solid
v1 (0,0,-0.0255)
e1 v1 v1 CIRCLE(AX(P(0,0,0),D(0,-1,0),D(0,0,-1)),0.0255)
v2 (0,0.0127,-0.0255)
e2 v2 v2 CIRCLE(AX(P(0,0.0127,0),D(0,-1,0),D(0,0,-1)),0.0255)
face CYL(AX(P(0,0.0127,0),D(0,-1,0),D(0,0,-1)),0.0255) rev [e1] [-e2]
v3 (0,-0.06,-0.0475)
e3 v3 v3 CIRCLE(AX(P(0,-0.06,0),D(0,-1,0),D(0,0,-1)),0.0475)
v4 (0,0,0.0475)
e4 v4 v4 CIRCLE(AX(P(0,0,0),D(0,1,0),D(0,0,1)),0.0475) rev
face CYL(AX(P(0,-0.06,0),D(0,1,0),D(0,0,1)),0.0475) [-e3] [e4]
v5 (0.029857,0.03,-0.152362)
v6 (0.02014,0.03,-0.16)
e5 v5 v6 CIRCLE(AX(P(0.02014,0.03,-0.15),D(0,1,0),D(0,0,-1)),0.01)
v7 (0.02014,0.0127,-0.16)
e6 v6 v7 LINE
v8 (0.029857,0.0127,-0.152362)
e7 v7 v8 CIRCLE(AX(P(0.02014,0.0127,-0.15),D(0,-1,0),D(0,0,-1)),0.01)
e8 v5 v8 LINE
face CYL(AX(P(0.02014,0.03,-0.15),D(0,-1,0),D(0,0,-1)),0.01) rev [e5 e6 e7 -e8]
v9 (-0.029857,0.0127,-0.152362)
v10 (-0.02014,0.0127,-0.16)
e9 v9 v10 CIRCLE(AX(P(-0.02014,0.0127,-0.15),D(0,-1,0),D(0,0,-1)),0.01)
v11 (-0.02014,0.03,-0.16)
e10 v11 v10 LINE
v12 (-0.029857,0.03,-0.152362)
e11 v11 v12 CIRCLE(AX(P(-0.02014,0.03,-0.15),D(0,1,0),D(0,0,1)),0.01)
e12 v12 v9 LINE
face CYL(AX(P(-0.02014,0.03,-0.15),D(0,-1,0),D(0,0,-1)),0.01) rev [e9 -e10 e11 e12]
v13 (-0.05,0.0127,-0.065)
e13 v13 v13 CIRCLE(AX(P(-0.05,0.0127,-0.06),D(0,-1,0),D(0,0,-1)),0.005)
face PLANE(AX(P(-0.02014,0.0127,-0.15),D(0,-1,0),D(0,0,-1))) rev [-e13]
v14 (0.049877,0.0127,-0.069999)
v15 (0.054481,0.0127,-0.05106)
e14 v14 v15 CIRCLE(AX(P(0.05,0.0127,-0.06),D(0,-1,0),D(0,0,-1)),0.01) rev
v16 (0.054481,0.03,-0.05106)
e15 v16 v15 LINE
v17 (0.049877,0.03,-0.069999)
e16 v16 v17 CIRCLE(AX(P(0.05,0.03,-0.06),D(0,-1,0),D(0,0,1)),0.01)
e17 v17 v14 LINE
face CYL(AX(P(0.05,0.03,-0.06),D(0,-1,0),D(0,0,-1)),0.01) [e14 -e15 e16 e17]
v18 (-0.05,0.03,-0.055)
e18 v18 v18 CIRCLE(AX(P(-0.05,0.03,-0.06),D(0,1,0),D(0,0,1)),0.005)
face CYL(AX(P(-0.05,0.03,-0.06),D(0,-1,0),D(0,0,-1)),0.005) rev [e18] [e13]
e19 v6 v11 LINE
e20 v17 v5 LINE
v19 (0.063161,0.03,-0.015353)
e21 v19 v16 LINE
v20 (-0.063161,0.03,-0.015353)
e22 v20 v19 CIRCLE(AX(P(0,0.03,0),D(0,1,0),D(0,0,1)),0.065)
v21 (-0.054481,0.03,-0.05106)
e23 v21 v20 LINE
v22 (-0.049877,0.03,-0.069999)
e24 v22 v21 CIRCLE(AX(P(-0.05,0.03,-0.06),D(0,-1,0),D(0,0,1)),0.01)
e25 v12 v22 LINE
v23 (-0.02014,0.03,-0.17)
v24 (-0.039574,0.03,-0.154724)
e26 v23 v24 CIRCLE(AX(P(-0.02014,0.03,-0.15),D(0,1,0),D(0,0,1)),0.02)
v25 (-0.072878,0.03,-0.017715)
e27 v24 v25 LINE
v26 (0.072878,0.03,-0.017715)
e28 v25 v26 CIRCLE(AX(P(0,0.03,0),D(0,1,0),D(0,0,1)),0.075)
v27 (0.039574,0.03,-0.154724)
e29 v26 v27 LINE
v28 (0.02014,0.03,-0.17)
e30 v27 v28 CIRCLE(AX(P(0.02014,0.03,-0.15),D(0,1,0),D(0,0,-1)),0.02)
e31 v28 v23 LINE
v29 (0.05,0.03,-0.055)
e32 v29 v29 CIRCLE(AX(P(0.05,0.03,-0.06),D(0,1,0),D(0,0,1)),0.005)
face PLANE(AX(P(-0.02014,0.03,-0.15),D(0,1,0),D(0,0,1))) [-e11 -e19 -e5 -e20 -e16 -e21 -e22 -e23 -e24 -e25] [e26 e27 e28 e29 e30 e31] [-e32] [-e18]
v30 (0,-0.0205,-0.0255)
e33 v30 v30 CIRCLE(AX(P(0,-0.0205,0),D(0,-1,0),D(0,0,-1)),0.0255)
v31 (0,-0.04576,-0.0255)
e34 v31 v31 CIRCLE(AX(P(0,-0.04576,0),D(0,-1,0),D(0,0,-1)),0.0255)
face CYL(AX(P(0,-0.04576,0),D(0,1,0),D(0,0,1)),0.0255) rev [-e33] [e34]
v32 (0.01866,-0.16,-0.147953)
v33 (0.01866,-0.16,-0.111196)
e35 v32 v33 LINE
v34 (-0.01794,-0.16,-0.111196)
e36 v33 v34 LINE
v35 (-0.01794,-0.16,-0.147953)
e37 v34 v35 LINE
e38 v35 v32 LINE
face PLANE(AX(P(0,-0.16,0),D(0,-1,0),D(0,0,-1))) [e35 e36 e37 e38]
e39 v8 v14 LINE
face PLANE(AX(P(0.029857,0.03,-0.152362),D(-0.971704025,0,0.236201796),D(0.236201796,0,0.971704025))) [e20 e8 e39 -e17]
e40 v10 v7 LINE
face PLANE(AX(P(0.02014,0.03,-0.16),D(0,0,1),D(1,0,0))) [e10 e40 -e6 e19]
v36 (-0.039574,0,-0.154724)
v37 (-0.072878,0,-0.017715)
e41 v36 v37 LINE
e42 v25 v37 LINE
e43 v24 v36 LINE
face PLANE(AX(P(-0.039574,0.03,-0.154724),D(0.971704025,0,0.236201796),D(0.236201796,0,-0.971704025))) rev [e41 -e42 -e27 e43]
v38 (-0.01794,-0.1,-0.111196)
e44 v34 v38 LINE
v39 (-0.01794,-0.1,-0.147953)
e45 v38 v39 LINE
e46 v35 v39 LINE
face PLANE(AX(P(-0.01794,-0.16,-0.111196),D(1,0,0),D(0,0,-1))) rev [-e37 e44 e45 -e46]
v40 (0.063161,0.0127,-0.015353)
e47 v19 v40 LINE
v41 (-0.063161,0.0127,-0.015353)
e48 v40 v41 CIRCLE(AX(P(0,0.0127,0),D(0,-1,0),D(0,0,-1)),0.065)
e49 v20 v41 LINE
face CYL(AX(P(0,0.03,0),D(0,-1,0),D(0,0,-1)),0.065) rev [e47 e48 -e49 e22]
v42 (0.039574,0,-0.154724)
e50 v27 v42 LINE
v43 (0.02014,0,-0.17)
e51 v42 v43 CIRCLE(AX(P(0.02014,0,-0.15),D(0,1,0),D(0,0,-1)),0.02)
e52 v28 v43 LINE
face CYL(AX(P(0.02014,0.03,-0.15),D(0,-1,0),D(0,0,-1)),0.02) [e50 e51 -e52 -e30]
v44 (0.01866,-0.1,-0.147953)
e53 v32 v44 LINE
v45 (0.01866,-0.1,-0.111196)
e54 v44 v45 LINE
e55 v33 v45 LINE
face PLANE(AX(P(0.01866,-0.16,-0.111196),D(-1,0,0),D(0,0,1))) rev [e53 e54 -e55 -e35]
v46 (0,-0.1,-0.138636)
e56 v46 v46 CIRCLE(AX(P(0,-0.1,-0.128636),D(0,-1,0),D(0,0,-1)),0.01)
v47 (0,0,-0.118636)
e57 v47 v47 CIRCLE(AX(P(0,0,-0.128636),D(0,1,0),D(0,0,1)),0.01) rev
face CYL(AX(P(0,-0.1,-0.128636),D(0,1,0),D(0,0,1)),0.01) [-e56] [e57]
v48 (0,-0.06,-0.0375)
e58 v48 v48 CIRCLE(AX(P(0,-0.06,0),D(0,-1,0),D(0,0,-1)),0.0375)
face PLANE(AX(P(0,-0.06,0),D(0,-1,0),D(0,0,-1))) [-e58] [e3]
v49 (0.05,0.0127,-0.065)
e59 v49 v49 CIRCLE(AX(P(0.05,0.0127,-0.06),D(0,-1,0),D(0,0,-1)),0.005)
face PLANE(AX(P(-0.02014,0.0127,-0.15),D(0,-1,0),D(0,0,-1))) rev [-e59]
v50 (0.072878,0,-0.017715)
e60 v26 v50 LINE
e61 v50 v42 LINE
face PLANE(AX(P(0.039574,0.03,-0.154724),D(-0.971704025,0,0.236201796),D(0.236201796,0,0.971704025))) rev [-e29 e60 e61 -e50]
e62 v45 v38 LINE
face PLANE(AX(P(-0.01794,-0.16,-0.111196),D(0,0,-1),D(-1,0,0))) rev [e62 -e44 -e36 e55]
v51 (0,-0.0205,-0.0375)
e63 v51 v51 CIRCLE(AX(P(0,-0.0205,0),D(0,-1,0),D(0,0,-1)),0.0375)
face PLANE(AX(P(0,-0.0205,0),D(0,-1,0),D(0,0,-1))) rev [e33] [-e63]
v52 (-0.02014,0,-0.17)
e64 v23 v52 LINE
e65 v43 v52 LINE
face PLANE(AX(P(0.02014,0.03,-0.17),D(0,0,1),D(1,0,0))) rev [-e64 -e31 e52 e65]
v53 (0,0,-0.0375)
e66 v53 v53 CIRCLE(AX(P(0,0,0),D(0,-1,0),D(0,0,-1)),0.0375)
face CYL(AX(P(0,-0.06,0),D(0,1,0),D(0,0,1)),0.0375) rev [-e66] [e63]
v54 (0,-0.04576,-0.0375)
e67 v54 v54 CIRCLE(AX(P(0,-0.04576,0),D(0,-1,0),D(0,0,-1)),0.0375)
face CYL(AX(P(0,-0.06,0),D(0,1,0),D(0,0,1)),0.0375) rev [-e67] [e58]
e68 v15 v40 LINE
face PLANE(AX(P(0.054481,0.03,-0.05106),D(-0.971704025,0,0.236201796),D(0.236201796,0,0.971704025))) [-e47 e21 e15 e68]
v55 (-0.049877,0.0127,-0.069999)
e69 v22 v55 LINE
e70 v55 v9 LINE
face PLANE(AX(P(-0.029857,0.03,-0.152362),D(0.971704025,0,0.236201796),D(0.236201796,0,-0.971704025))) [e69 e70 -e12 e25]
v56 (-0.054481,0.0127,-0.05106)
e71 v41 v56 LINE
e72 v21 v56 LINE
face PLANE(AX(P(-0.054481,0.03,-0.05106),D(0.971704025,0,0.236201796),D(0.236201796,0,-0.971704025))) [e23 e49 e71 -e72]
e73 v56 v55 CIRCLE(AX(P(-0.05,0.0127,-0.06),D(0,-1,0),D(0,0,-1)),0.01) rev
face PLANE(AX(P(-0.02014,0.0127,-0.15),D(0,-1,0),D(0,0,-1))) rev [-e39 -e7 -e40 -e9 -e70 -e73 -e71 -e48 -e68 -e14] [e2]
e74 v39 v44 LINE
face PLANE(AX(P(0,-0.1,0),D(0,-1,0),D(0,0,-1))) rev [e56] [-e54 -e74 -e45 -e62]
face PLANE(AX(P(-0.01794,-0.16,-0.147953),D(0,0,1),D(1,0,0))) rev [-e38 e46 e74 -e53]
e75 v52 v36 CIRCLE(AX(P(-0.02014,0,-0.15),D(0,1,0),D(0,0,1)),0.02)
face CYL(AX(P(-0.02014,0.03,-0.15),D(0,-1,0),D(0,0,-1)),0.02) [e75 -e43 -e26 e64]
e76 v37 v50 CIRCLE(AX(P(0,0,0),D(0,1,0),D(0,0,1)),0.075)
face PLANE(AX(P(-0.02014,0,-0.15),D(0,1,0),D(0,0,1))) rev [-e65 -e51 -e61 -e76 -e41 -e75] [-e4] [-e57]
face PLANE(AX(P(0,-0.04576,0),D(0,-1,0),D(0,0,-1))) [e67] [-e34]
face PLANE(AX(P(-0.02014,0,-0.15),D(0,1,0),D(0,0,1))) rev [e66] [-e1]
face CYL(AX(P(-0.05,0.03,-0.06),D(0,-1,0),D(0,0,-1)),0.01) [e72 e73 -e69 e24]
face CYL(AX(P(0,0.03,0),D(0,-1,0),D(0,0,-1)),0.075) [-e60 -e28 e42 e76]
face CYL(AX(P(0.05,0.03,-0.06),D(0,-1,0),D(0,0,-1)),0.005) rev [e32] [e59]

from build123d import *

# Parameters (mm, degrees)
SKETCH1_R           = 0.005
BOSS_EXTRUDE1_DEPTH = 0.03
SKETCH6_R           = 0.0255
BOSS_EXTRUDE5_DEPTH = 0.0127
SKETCH7_R           = 0.0475
SKETCH7_R_2         = 0.0375
BOSS_EXTRUDE6_DEPTH = 0.06
SKETCH8_R           = 0.0375
SKETCH8_R_2         = 0.0255
BOSS_EXTRUDE7_DEPTH = 0.02526
SKETCH9_R           = 0.01
BOSS_EXTRUDE8_DEPTH = 0.1
SKETCH10_W          = 0.036599462
SKETCH10_H          = 0.036757143
BOSS_EXTRUDE9_DEPTH = 0.06


with BuildPart() as part:
    # Sketch1 → Boss-Extrude1 (new body)
    with BuildSketch(Plane(origin=(0, 0, 0), x_dir=(1, 0, 0), z_dir=(0, 1, 0))):
        with BuildLine():
            Line((-0.039573681, 0.154724036), (-0.072877802, 0.017715135))
            ThreePointArc((-0.072877802, 0.017715135), (0, -0.075), (0.072877802, 0.017715135))
            Line((0.072877802, 0.017715135), (0.039573681, 0.154724036))
            ThreePointArc((0.039573681, 0.154724036), (0.032499197, 0.165723879), (0.0201396, 0.17))
            Line((0.0201396, 0.17), (-0.0201396, 0.17))
            ThreePointArc((-0.0201396, 0.17), (-0.032499197, 0.165723879), (-0.039573681, 0.154724036))
        make_face()
        with Locations(Location((-0.05, 0.06, 0), (0, 0, 270))):
            Circle(SKETCH1_R, mode=Mode.SUBTRACT)
        with Locations(Location((0.05, 0.06, 0), (0, 0, 270))):
            Circle(SKETCH1_R, mode=Mode.SUBTRACT)
        with BuildLine():
            Line((0.0201396, 0.16), (-0.0201396, 0.16))
            ThreePointArc((-0.0201396, 0.16), (-0.026319399, 0.157861939), (-0.029856641, 0.152362018))
            Line((-0.029856641, 0.152362018), (-0.049877381, 0.069999248))
            ThreePointArc((-0.049877381, 0.069999248), (-0.04028296, 0.057637982), (-0.054481083, 0.051060207))
            Line((-0.054481083, 0.051060207), (-0.063160762, 0.015353117))
            ThreePointArc((-0.063160762, 0.015353117), (0, -0.065), (0.063160762, 0.015353117))
            Line((0.063160762, 0.015353117), (0.054481083, 0.051060207))
            ThreePointArc((0.054481083, 0.051060207), (0.04028296, 0.057637982), (0.049877381, 0.069999248))
            Line((0.049877381, 0.069999248), (0.029856641, 0.152362018))
            ThreePointArc((0.029856641, 0.152362018), (0.026319399, 0.157861939), (0.0201396, 0.16))
        make_face(mode=Mode.SUBTRACT)
    extrude(amount=BOSS_EXTRUDE1_DEPTH)

    # Sketch6 → Boss-Extrude5 (add)
    with BuildSketch(Plane.XZ):
        with BuildLine():
            Line((-0.0201396, -0.17), (0.0201396, -0.17))
            ThreePointArc((0.0201396, -0.17), (0.032499197, -0.165723879), (0.039573681, -0.154724036))
            Line((0.039573681, -0.154724036), (0.072877802, -0.017715135))
            ThreePointArc((0.072877802, -0.017715135), (0, 0.075), (-0.072877802, -0.017715135))
            Line((-0.072877802, -0.017715135), (-0.039573681, -0.154724036))
            ThreePointArc((-0.039573681, -0.154724036), (-0.032499197, -0.165723879), (-0.0201396, -0.17))
        make_face()
        with Locations(Location((0, 0, 0), (0, 0, 270))):
            Circle(SKETCH6_R, mode=Mode.SUBTRACT)
    extrude(amount=-BOSS_EXTRUDE5_DEPTH)

    # Sketch7 → Boss-Extrude6 (add)
    with BuildSketch(Plane.XZ):
        with Locations(Location((0, 0, 0), (0, 0, 90))):
            Circle(SKETCH7_R)
        with Locations(Location((0, 0, 0), (0, 0, 270))):
            Circle(SKETCH7_R_2, mode=Mode.SUBTRACT)
    extrude(amount=BOSS_EXTRUDE6_DEPTH)

    # Sketch8 → Boss-Extrude7 (add)
    with BuildSketch(Plane(origin=(0, -0.0205, 0), x_dir=(-1, 0, 0), z_dir=(0, -1, 0))):
        with Locations(Location((0, 0, 0), (0, 0, 90))):
            Circle(SKETCH8_R)
        with Locations(Location((0, 0, 0), (0, 0, 90))):
            Circle(SKETCH8_R_2, mode=Mode.SUBTRACT)
    extrude(amount=BOSS_EXTRUDE7_DEPTH)

    # Sketch9 → Boss-Extrude8 (add)
    with BuildSketch(Plane.XZ):
        with Locations(Location((0, -0.128635749, 0), (0, 0, 90))):
            Circle(SKETCH9_R)
    extrude(amount=BOSS_EXTRUDE8_DEPTH)

    # Sketch10 → Boss-Extrude9 (add)
    with BuildSketch(Plane.XZ.offset(0.1)):
        with Locations((0.00036003, -0.129574617)):
            Rectangle(SKETCH10_W, SKETCH10_H)
    extrude(amount=BOSS_EXTRUDE9_DEPTH)


solid = part.part
